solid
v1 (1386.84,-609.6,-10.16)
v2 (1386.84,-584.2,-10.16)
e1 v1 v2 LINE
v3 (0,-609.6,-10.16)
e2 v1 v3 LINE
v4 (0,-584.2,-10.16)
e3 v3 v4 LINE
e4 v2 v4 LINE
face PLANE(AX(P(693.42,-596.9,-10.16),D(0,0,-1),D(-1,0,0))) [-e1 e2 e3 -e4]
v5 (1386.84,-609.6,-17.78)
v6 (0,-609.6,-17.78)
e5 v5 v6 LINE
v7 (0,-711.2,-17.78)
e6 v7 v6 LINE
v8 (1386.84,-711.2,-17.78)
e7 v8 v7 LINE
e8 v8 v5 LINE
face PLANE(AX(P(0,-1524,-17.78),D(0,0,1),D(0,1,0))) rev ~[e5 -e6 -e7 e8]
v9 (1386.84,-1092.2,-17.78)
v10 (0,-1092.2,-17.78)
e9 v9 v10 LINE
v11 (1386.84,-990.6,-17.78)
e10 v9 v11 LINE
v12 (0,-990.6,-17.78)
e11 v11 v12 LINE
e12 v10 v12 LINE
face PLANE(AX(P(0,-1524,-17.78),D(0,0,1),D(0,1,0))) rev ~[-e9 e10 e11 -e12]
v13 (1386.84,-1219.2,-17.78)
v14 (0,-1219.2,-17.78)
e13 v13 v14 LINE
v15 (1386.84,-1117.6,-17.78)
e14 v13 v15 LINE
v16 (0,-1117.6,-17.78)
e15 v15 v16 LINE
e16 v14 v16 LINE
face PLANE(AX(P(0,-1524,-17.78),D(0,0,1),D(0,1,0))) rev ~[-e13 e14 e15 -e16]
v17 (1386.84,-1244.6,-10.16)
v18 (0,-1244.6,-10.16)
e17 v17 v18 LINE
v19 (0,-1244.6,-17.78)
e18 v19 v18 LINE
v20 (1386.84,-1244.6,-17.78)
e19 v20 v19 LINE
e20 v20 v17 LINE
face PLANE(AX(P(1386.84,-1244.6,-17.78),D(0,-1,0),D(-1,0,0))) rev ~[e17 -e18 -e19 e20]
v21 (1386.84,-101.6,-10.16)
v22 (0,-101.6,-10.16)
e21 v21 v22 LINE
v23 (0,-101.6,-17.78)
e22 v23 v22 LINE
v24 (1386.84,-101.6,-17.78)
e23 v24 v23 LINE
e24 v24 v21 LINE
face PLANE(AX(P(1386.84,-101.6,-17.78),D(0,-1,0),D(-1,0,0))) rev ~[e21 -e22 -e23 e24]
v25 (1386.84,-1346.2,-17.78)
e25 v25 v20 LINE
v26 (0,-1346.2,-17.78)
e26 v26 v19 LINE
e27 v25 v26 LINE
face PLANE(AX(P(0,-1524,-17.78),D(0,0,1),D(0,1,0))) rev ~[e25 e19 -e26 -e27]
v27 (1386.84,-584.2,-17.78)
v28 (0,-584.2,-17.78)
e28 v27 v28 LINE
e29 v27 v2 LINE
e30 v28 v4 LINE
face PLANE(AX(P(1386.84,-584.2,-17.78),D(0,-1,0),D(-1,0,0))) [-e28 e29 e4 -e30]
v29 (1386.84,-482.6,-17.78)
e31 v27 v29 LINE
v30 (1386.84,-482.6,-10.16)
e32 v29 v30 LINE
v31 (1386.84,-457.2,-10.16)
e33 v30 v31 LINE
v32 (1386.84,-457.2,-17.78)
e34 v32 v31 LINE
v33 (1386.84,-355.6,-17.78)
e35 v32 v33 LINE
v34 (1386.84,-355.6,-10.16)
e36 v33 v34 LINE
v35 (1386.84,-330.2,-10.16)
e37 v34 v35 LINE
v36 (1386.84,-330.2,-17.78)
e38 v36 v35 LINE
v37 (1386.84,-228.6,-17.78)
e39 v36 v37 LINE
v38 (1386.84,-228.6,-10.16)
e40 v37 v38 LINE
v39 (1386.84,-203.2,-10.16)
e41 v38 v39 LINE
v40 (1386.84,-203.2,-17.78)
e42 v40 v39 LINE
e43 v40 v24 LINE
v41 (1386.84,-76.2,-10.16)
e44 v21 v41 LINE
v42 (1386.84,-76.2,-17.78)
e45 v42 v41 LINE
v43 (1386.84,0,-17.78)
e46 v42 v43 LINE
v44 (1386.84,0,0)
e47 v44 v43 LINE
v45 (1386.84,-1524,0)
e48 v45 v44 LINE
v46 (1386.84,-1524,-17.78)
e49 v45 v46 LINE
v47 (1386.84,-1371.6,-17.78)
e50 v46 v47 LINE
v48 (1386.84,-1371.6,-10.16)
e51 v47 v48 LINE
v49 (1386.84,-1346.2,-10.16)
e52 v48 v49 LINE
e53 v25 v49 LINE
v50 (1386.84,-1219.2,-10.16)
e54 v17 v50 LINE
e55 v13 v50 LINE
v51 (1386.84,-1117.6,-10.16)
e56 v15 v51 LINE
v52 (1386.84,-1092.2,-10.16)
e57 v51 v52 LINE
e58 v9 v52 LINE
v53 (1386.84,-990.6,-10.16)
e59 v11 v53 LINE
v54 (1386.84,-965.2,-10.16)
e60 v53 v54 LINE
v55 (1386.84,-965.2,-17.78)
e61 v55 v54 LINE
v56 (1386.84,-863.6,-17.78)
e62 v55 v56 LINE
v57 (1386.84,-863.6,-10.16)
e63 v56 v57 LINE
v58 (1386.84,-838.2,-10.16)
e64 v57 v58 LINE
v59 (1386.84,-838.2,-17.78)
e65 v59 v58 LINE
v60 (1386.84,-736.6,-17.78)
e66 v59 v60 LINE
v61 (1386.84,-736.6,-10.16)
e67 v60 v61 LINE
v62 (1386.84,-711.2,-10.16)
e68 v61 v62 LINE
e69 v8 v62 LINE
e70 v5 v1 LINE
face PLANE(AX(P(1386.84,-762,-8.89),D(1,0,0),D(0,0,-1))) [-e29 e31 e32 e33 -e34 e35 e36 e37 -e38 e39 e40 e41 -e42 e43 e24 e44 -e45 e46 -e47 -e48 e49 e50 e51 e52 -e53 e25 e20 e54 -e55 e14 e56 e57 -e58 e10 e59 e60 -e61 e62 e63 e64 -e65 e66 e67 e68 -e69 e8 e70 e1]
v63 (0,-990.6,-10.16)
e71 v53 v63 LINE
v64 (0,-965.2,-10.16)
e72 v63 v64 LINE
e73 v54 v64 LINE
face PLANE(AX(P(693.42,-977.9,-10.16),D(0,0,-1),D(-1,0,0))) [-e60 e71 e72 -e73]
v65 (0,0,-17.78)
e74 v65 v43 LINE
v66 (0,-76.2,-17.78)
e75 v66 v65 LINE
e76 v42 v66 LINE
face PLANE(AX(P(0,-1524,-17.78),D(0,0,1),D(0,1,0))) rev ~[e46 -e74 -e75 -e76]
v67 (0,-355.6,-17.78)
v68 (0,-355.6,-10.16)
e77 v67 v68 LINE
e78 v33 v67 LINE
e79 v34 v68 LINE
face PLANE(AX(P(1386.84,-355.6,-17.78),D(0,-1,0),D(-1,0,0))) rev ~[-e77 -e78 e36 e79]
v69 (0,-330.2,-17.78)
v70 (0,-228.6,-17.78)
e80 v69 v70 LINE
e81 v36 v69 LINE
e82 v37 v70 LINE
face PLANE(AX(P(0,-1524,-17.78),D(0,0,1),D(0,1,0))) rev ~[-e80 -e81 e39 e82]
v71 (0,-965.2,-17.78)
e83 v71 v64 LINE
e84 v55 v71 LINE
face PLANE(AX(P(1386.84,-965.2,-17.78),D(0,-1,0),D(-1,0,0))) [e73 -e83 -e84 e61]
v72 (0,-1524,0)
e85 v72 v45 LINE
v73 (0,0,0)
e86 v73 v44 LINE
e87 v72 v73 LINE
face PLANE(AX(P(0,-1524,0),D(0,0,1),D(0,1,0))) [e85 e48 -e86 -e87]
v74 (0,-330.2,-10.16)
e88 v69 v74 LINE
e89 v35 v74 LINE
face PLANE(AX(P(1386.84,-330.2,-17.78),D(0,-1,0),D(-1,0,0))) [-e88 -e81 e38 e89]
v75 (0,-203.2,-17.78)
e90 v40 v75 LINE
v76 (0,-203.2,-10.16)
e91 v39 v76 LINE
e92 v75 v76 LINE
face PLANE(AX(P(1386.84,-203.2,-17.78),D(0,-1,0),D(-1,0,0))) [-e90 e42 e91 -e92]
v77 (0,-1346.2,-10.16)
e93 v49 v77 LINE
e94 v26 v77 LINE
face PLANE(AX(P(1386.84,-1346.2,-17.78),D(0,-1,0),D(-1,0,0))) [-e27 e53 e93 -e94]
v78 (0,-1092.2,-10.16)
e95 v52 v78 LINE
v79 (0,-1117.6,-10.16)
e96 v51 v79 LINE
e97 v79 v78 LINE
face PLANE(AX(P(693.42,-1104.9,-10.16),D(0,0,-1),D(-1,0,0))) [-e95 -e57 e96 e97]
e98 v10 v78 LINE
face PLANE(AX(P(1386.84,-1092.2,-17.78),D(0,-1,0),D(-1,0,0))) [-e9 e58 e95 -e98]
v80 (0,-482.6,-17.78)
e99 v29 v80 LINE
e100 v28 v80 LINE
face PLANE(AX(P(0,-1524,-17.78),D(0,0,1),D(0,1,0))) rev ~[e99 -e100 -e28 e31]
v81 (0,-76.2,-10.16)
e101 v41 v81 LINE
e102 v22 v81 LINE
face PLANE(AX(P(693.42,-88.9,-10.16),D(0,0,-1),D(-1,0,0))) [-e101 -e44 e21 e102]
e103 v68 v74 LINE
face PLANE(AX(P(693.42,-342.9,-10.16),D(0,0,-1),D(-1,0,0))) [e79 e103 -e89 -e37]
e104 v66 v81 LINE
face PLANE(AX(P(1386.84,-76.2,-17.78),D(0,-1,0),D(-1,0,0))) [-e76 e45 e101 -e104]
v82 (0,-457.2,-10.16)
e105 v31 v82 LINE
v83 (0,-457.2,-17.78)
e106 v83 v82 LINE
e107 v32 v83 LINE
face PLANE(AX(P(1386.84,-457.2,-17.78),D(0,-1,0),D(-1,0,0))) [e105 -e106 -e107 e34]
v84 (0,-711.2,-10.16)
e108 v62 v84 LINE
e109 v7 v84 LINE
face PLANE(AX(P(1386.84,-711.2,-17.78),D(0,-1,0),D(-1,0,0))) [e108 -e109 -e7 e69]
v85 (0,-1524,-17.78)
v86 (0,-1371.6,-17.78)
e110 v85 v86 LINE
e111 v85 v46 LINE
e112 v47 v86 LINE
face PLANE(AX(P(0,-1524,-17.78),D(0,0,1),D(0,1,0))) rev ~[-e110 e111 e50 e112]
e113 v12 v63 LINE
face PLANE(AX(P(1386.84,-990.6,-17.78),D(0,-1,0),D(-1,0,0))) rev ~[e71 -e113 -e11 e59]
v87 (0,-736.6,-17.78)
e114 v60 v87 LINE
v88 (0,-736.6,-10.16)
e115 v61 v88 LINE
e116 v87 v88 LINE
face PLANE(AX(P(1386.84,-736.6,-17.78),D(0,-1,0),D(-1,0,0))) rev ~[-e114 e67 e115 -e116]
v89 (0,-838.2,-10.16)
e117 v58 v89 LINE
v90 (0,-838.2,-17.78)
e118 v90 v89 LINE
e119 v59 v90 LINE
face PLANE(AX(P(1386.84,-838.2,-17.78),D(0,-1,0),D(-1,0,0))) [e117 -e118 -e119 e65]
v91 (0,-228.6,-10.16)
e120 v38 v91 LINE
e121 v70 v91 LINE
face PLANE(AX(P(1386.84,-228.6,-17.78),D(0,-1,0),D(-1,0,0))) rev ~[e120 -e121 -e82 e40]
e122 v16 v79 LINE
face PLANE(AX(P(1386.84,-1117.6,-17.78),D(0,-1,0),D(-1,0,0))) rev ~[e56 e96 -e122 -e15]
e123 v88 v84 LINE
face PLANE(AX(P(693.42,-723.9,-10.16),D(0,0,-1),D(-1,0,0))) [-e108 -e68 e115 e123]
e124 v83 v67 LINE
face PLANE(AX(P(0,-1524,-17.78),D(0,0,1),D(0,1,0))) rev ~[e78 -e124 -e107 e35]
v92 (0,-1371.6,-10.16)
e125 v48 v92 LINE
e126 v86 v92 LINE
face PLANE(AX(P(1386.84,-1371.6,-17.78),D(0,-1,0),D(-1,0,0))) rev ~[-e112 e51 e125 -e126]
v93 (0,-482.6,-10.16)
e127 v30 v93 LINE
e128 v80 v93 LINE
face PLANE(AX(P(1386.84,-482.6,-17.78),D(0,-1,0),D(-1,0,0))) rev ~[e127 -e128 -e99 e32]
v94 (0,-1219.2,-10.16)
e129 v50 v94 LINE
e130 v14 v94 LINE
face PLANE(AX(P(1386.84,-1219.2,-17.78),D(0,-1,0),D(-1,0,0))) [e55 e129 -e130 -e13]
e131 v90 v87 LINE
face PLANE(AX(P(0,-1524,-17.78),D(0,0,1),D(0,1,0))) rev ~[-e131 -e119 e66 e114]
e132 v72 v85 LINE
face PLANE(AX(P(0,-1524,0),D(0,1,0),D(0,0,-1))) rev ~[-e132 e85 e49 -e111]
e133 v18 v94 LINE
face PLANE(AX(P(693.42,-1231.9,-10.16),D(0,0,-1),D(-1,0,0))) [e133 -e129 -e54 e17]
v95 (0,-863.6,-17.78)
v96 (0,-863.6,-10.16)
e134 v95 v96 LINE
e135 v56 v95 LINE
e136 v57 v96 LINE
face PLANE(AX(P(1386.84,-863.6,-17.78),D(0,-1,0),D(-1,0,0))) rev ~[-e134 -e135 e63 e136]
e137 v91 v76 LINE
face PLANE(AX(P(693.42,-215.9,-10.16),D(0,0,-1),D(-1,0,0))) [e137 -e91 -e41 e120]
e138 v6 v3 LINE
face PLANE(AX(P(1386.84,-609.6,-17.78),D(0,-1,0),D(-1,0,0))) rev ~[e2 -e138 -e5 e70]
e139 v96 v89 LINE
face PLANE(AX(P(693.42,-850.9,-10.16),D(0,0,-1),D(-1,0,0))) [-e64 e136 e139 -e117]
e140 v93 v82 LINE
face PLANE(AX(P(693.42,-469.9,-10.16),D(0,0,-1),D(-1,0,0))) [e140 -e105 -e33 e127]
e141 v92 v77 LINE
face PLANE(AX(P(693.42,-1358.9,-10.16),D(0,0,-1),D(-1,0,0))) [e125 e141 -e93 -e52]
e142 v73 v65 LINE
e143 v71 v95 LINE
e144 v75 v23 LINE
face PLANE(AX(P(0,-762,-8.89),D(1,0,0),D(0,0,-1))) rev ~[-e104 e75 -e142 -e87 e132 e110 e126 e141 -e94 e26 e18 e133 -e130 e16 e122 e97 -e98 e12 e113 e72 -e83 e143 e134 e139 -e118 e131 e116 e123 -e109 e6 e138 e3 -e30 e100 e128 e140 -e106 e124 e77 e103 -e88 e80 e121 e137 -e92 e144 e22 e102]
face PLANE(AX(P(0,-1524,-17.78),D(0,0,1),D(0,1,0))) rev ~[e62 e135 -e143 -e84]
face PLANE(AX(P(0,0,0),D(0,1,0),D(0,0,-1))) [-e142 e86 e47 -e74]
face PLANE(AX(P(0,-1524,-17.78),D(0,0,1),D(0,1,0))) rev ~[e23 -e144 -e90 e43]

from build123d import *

# Parameters (mm, degrees)
SKETCH2_W           = 17.78
SKETCH2_H           = 1524
BOSS_EXTRUDE1_DEPTH = 1386.84
SKETCH3_W           = 1386.84
SKETCH3_H           = 25.4
CUT_EXTRUDE1_DEPTH  = 7.62


with BuildPart() as part:
    # Sketch2 → Boss-Extrude1 (new body)
    with BuildSketch(Plane(origin=(0, 0, 0), x_dir=(0, 0, -1), z_dir=(1, 0, 0))):
        with Locations((8.89, -762)):
            Rectangle(SKETCH2_W, SKETCH2_H)
    extrude(amount=BOSS_EXTRUDE1_DEPTH)

    # Sketch3 → Cut-Extrude1 (cut)
    with BuildSketch(Plane(origin=(0, 0, -17.78), x_dir=(-1, 0, 0), z_dir=(0, 0, -1))):
        with Locations((-693.42, -88.9)):
            Rectangle(SKETCH3_W, SKETCH3_H)
        with Locations((-693.42, -215.9)):
            Rectangle(SKETCH3_W, SKETCH3_H)
        with Locations((-693.42, -342.9)):
            Rectangle(SKETCH3_W, SKETCH3_H)
        with Locations((-693.42, -469.9)):
            Rectangle(SKETCH3_W, SKETCH3_H)
        with Locations((-693.42, -596.9)):
            Rectangle(SKETCH3_W, SKETCH3_H)
        with Locations((-693.42, -723.9)):
            Rectangle(SKETCH3_W, SKETCH3_H)
        with Locations((-693.42, -850.9)):
            Rectangle(SKETCH3_W, SKETCH3_H)
        with Locations((-693.42, -977.9)):
            Rectangle(SKETCH3_W, SKETCH3_H)
        with Locations((-693.42, -1104.9)):
            Rectangle(SKETCH3_W, SKETCH3_H)
        with Locations((-693.42, -1231.9)):
            Rectangle(SKETCH3_W, SKETCH3_H)
        with Locations((-693.42, -1358.9)):
            Rectangle(SKETCH3_W, SKETCH3_H)
    extrude(amount=-CUT_EXTRUDE1_DEPTH, mode=Mode.SUBTRACT)


solid = part.part
